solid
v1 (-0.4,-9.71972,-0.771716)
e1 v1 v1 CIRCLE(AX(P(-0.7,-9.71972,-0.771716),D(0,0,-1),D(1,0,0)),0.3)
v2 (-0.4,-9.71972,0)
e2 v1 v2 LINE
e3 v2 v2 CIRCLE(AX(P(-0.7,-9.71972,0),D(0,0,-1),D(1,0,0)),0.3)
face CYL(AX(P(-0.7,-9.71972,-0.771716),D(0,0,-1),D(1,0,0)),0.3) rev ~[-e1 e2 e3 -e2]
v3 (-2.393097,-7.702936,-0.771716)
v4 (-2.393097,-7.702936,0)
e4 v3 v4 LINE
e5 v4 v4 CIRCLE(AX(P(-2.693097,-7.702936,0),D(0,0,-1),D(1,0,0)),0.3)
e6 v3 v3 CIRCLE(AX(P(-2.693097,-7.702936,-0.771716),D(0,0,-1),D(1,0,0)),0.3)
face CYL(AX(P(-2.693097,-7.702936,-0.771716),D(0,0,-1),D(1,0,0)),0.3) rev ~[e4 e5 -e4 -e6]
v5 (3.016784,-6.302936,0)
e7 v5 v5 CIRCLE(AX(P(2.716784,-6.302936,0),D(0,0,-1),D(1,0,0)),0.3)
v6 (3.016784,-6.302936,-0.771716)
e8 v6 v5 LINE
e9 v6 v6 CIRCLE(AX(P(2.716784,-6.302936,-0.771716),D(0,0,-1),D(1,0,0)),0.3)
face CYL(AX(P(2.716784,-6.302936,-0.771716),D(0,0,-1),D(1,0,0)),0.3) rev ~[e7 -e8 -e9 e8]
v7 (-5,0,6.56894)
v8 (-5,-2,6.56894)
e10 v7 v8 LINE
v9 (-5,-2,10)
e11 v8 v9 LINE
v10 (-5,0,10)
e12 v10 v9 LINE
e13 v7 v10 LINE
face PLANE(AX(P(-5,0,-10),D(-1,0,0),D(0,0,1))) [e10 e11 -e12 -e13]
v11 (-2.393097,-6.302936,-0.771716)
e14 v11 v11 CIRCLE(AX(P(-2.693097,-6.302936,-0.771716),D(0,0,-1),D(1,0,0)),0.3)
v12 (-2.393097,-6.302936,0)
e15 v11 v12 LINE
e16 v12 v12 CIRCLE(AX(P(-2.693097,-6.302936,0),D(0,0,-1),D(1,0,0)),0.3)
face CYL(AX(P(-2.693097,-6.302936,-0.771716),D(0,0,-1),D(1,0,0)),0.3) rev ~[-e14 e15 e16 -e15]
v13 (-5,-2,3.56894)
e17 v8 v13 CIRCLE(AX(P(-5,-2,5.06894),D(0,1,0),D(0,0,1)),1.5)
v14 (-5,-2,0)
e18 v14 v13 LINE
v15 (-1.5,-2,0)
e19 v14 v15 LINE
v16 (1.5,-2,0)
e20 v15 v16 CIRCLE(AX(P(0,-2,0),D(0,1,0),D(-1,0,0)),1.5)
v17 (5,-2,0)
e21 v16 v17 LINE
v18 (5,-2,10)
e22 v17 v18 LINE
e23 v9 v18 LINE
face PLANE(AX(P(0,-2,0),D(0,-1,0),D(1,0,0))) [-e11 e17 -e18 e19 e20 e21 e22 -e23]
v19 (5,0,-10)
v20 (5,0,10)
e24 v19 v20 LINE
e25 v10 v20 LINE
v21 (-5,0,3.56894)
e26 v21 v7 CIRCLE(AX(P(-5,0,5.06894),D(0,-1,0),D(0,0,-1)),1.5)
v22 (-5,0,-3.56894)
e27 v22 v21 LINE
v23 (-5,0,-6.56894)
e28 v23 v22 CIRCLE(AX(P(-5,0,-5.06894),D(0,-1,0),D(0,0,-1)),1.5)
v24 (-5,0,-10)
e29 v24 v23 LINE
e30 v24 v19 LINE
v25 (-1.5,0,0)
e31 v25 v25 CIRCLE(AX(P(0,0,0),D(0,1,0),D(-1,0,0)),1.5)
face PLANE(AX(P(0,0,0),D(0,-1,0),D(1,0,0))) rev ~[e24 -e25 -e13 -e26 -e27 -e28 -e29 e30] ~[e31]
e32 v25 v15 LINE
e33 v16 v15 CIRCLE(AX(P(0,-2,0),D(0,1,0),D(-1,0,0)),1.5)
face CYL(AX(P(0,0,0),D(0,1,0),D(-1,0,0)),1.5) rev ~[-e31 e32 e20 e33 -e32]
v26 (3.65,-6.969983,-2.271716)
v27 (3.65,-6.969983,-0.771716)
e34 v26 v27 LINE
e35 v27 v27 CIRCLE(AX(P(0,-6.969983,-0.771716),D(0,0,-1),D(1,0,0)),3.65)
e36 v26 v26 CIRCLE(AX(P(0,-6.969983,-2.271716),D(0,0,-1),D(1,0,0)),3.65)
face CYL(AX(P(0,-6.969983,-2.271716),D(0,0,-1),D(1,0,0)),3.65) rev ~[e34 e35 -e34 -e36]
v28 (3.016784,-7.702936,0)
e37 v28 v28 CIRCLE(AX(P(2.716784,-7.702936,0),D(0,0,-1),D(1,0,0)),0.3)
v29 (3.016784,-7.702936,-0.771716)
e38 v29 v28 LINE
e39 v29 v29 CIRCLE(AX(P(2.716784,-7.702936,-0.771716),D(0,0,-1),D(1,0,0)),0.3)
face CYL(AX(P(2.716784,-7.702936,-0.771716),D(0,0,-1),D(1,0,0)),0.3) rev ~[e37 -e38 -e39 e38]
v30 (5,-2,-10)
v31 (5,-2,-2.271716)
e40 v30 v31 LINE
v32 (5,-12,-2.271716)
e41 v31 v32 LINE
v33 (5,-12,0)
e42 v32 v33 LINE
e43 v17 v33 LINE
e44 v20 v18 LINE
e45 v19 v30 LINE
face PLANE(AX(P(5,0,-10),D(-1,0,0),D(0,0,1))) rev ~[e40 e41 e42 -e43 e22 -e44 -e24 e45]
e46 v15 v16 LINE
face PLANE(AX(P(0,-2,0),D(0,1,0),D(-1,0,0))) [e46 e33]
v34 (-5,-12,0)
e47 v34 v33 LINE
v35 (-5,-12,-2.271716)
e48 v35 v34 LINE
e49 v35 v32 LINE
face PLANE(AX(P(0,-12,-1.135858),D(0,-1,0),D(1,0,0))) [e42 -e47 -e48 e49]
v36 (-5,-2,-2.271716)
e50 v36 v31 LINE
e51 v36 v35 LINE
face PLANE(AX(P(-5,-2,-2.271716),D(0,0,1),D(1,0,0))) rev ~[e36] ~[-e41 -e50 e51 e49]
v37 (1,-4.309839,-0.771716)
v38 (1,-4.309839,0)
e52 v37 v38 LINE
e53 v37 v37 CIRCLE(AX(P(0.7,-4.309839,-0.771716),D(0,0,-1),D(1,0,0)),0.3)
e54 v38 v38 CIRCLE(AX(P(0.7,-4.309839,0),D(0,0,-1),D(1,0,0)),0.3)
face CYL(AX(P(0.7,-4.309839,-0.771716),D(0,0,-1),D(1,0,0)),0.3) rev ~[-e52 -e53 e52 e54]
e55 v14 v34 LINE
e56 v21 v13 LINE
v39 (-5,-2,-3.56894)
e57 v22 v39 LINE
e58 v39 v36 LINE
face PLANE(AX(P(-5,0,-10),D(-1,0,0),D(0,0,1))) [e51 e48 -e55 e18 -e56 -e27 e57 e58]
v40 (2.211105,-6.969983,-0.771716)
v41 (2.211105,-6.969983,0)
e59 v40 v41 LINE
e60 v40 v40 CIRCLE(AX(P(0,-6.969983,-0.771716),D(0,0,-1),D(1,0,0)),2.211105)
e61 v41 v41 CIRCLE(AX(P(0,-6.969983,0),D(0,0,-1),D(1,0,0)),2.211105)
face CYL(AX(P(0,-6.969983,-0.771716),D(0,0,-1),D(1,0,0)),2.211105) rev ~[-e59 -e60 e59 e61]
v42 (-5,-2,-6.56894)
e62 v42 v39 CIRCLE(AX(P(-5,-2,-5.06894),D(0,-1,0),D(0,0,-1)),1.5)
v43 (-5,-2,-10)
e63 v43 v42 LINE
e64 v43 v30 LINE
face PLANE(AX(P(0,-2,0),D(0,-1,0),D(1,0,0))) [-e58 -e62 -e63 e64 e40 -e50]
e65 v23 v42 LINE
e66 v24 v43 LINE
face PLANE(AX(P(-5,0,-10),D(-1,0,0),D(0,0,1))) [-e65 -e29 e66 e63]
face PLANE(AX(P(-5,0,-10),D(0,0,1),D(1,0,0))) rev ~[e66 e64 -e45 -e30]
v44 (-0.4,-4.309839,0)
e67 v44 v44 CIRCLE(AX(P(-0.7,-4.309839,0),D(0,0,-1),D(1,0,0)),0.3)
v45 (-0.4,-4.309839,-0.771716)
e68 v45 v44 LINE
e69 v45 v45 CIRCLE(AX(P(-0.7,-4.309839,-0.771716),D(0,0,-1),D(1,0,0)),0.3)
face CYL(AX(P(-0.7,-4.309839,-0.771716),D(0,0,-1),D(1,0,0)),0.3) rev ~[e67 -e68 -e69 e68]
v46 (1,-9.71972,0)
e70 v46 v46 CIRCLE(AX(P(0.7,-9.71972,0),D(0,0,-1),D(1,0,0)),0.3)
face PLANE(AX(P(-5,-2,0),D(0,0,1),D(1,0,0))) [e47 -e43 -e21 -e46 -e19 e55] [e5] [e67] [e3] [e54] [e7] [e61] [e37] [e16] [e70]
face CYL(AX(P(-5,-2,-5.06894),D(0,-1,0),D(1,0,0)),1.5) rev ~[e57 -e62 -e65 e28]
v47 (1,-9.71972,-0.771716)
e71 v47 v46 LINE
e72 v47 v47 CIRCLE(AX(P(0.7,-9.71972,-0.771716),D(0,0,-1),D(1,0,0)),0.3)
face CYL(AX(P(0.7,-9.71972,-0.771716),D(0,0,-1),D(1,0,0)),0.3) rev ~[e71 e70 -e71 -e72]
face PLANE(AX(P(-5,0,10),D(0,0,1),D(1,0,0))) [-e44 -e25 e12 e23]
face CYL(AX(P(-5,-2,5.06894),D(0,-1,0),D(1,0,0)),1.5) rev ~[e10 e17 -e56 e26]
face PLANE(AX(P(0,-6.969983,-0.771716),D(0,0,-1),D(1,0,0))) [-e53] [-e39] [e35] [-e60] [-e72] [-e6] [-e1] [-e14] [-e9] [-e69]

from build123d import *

# Parameters (mm, degrees)
F0_W      = 10
F0_H      = 20
F1_DEPTH  = 2
F2_R      = 1.5
F3_DEPTH  = 25.4
F4_W      = 10
F4_H      = 2.271716
F5_DEPTH  = 10
F6_R      = 1.5
F7_DEPTH  = 2
F8_R      = 3.65
F9_DEPTH  = 1.5
F10_R     = 2.211105
F11_DEPTH = 1
F12_R     = 0.3
F13_DEPTH = 1


with BuildPart() as f1:
    # F0 (on Front) → F1 (new body)
    with BuildSketch(Plane.XZ):
        Rectangle(F0_W, F0_H)
    extrude(amount=F1_DEPTH)

    # F2 (on face) → F3 (cut)
    with BuildSketch(Plane.XZ.offset(2)):
        with Locations((-5, 5.06894)):
            Circle(F2_R)
        with Locations((-5, -5.06894)):
            Circle(F2_R)
    extrude(amount=-F3_DEPTH, mode=Mode.SUBTRACT)

    # F4 (on face) → F5 (join)
    with BuildSketch(Plane.XZ.offset(2)):
        with Locations((0, -1.135858)):
            Rectangle(F4_W, F4_H)
    extrude(amount=F5_DEPTH)

    # F6 (on face) → F7 (cut)
    with BuildSketch(Plane(origin=(0, 0, 0), x_dir=(-1, 0, 0), z_dir=(0, 1, 0))):
        Circle(F6_R)
    extrude(amount=-F7_DEPTH, mode=Mode.SUBTRACT)

    # F8 (on face) → F9 (cut)
    with BuildSketch(Plane(origin=(0, 0, -2.271716), x_dir=(1, 0, 0), z_dir=(0, 0, -1))):
        with Locations((0, 6.969983)):
            Circle(F8_R)
    extrude(amount=-F9_DEPTH, mode=Mode.SUBTRACT)

    # F10 (on face) → F11 (cut)
    with BuildSketch(Plane(origin=(0, 0, -0.771716), x_dir=(1, 0, 0), z_dir=(0, 0, -1))):
        with Locations((0, 6.969983)):
            Circle(F10_R)
    extrude(amount=-F11_DEPTH, mode=Mode.SUBTRACT)

    # F12 (on face) → F13 (cut)
    with BuildSketch(Plane(origin=(0, 0, -0.771716), x_dir=(1, 0, 0), z_dir=(0, 0, -1))):
        with Locations((0.7, 4.309839)):
            Circle(F12_R)
        with Locations((-0.7, 4.309839)):
            Circle(F12_R)
        with Locations((0.7, 9.71972)):
            Circle(F12_R)
        with Locations((-0.7, 9.71972)):
            Circle(F12_R)
        with Locations((-2.693097, 6.302936)):
            Circle(F12_R)
        with Locations((-2.693097, 7.702936)):
            Circle(F12_R)
        with Locations((2.716784, 6.302936)):
            Circle(F12_R)
        with Locations((2.716784, 7.702936)):
            Circle(F12_R)
    extrude(amount=-F13_DEPTH, mode=Mode.SUBTRACT)


solid = f1.part
